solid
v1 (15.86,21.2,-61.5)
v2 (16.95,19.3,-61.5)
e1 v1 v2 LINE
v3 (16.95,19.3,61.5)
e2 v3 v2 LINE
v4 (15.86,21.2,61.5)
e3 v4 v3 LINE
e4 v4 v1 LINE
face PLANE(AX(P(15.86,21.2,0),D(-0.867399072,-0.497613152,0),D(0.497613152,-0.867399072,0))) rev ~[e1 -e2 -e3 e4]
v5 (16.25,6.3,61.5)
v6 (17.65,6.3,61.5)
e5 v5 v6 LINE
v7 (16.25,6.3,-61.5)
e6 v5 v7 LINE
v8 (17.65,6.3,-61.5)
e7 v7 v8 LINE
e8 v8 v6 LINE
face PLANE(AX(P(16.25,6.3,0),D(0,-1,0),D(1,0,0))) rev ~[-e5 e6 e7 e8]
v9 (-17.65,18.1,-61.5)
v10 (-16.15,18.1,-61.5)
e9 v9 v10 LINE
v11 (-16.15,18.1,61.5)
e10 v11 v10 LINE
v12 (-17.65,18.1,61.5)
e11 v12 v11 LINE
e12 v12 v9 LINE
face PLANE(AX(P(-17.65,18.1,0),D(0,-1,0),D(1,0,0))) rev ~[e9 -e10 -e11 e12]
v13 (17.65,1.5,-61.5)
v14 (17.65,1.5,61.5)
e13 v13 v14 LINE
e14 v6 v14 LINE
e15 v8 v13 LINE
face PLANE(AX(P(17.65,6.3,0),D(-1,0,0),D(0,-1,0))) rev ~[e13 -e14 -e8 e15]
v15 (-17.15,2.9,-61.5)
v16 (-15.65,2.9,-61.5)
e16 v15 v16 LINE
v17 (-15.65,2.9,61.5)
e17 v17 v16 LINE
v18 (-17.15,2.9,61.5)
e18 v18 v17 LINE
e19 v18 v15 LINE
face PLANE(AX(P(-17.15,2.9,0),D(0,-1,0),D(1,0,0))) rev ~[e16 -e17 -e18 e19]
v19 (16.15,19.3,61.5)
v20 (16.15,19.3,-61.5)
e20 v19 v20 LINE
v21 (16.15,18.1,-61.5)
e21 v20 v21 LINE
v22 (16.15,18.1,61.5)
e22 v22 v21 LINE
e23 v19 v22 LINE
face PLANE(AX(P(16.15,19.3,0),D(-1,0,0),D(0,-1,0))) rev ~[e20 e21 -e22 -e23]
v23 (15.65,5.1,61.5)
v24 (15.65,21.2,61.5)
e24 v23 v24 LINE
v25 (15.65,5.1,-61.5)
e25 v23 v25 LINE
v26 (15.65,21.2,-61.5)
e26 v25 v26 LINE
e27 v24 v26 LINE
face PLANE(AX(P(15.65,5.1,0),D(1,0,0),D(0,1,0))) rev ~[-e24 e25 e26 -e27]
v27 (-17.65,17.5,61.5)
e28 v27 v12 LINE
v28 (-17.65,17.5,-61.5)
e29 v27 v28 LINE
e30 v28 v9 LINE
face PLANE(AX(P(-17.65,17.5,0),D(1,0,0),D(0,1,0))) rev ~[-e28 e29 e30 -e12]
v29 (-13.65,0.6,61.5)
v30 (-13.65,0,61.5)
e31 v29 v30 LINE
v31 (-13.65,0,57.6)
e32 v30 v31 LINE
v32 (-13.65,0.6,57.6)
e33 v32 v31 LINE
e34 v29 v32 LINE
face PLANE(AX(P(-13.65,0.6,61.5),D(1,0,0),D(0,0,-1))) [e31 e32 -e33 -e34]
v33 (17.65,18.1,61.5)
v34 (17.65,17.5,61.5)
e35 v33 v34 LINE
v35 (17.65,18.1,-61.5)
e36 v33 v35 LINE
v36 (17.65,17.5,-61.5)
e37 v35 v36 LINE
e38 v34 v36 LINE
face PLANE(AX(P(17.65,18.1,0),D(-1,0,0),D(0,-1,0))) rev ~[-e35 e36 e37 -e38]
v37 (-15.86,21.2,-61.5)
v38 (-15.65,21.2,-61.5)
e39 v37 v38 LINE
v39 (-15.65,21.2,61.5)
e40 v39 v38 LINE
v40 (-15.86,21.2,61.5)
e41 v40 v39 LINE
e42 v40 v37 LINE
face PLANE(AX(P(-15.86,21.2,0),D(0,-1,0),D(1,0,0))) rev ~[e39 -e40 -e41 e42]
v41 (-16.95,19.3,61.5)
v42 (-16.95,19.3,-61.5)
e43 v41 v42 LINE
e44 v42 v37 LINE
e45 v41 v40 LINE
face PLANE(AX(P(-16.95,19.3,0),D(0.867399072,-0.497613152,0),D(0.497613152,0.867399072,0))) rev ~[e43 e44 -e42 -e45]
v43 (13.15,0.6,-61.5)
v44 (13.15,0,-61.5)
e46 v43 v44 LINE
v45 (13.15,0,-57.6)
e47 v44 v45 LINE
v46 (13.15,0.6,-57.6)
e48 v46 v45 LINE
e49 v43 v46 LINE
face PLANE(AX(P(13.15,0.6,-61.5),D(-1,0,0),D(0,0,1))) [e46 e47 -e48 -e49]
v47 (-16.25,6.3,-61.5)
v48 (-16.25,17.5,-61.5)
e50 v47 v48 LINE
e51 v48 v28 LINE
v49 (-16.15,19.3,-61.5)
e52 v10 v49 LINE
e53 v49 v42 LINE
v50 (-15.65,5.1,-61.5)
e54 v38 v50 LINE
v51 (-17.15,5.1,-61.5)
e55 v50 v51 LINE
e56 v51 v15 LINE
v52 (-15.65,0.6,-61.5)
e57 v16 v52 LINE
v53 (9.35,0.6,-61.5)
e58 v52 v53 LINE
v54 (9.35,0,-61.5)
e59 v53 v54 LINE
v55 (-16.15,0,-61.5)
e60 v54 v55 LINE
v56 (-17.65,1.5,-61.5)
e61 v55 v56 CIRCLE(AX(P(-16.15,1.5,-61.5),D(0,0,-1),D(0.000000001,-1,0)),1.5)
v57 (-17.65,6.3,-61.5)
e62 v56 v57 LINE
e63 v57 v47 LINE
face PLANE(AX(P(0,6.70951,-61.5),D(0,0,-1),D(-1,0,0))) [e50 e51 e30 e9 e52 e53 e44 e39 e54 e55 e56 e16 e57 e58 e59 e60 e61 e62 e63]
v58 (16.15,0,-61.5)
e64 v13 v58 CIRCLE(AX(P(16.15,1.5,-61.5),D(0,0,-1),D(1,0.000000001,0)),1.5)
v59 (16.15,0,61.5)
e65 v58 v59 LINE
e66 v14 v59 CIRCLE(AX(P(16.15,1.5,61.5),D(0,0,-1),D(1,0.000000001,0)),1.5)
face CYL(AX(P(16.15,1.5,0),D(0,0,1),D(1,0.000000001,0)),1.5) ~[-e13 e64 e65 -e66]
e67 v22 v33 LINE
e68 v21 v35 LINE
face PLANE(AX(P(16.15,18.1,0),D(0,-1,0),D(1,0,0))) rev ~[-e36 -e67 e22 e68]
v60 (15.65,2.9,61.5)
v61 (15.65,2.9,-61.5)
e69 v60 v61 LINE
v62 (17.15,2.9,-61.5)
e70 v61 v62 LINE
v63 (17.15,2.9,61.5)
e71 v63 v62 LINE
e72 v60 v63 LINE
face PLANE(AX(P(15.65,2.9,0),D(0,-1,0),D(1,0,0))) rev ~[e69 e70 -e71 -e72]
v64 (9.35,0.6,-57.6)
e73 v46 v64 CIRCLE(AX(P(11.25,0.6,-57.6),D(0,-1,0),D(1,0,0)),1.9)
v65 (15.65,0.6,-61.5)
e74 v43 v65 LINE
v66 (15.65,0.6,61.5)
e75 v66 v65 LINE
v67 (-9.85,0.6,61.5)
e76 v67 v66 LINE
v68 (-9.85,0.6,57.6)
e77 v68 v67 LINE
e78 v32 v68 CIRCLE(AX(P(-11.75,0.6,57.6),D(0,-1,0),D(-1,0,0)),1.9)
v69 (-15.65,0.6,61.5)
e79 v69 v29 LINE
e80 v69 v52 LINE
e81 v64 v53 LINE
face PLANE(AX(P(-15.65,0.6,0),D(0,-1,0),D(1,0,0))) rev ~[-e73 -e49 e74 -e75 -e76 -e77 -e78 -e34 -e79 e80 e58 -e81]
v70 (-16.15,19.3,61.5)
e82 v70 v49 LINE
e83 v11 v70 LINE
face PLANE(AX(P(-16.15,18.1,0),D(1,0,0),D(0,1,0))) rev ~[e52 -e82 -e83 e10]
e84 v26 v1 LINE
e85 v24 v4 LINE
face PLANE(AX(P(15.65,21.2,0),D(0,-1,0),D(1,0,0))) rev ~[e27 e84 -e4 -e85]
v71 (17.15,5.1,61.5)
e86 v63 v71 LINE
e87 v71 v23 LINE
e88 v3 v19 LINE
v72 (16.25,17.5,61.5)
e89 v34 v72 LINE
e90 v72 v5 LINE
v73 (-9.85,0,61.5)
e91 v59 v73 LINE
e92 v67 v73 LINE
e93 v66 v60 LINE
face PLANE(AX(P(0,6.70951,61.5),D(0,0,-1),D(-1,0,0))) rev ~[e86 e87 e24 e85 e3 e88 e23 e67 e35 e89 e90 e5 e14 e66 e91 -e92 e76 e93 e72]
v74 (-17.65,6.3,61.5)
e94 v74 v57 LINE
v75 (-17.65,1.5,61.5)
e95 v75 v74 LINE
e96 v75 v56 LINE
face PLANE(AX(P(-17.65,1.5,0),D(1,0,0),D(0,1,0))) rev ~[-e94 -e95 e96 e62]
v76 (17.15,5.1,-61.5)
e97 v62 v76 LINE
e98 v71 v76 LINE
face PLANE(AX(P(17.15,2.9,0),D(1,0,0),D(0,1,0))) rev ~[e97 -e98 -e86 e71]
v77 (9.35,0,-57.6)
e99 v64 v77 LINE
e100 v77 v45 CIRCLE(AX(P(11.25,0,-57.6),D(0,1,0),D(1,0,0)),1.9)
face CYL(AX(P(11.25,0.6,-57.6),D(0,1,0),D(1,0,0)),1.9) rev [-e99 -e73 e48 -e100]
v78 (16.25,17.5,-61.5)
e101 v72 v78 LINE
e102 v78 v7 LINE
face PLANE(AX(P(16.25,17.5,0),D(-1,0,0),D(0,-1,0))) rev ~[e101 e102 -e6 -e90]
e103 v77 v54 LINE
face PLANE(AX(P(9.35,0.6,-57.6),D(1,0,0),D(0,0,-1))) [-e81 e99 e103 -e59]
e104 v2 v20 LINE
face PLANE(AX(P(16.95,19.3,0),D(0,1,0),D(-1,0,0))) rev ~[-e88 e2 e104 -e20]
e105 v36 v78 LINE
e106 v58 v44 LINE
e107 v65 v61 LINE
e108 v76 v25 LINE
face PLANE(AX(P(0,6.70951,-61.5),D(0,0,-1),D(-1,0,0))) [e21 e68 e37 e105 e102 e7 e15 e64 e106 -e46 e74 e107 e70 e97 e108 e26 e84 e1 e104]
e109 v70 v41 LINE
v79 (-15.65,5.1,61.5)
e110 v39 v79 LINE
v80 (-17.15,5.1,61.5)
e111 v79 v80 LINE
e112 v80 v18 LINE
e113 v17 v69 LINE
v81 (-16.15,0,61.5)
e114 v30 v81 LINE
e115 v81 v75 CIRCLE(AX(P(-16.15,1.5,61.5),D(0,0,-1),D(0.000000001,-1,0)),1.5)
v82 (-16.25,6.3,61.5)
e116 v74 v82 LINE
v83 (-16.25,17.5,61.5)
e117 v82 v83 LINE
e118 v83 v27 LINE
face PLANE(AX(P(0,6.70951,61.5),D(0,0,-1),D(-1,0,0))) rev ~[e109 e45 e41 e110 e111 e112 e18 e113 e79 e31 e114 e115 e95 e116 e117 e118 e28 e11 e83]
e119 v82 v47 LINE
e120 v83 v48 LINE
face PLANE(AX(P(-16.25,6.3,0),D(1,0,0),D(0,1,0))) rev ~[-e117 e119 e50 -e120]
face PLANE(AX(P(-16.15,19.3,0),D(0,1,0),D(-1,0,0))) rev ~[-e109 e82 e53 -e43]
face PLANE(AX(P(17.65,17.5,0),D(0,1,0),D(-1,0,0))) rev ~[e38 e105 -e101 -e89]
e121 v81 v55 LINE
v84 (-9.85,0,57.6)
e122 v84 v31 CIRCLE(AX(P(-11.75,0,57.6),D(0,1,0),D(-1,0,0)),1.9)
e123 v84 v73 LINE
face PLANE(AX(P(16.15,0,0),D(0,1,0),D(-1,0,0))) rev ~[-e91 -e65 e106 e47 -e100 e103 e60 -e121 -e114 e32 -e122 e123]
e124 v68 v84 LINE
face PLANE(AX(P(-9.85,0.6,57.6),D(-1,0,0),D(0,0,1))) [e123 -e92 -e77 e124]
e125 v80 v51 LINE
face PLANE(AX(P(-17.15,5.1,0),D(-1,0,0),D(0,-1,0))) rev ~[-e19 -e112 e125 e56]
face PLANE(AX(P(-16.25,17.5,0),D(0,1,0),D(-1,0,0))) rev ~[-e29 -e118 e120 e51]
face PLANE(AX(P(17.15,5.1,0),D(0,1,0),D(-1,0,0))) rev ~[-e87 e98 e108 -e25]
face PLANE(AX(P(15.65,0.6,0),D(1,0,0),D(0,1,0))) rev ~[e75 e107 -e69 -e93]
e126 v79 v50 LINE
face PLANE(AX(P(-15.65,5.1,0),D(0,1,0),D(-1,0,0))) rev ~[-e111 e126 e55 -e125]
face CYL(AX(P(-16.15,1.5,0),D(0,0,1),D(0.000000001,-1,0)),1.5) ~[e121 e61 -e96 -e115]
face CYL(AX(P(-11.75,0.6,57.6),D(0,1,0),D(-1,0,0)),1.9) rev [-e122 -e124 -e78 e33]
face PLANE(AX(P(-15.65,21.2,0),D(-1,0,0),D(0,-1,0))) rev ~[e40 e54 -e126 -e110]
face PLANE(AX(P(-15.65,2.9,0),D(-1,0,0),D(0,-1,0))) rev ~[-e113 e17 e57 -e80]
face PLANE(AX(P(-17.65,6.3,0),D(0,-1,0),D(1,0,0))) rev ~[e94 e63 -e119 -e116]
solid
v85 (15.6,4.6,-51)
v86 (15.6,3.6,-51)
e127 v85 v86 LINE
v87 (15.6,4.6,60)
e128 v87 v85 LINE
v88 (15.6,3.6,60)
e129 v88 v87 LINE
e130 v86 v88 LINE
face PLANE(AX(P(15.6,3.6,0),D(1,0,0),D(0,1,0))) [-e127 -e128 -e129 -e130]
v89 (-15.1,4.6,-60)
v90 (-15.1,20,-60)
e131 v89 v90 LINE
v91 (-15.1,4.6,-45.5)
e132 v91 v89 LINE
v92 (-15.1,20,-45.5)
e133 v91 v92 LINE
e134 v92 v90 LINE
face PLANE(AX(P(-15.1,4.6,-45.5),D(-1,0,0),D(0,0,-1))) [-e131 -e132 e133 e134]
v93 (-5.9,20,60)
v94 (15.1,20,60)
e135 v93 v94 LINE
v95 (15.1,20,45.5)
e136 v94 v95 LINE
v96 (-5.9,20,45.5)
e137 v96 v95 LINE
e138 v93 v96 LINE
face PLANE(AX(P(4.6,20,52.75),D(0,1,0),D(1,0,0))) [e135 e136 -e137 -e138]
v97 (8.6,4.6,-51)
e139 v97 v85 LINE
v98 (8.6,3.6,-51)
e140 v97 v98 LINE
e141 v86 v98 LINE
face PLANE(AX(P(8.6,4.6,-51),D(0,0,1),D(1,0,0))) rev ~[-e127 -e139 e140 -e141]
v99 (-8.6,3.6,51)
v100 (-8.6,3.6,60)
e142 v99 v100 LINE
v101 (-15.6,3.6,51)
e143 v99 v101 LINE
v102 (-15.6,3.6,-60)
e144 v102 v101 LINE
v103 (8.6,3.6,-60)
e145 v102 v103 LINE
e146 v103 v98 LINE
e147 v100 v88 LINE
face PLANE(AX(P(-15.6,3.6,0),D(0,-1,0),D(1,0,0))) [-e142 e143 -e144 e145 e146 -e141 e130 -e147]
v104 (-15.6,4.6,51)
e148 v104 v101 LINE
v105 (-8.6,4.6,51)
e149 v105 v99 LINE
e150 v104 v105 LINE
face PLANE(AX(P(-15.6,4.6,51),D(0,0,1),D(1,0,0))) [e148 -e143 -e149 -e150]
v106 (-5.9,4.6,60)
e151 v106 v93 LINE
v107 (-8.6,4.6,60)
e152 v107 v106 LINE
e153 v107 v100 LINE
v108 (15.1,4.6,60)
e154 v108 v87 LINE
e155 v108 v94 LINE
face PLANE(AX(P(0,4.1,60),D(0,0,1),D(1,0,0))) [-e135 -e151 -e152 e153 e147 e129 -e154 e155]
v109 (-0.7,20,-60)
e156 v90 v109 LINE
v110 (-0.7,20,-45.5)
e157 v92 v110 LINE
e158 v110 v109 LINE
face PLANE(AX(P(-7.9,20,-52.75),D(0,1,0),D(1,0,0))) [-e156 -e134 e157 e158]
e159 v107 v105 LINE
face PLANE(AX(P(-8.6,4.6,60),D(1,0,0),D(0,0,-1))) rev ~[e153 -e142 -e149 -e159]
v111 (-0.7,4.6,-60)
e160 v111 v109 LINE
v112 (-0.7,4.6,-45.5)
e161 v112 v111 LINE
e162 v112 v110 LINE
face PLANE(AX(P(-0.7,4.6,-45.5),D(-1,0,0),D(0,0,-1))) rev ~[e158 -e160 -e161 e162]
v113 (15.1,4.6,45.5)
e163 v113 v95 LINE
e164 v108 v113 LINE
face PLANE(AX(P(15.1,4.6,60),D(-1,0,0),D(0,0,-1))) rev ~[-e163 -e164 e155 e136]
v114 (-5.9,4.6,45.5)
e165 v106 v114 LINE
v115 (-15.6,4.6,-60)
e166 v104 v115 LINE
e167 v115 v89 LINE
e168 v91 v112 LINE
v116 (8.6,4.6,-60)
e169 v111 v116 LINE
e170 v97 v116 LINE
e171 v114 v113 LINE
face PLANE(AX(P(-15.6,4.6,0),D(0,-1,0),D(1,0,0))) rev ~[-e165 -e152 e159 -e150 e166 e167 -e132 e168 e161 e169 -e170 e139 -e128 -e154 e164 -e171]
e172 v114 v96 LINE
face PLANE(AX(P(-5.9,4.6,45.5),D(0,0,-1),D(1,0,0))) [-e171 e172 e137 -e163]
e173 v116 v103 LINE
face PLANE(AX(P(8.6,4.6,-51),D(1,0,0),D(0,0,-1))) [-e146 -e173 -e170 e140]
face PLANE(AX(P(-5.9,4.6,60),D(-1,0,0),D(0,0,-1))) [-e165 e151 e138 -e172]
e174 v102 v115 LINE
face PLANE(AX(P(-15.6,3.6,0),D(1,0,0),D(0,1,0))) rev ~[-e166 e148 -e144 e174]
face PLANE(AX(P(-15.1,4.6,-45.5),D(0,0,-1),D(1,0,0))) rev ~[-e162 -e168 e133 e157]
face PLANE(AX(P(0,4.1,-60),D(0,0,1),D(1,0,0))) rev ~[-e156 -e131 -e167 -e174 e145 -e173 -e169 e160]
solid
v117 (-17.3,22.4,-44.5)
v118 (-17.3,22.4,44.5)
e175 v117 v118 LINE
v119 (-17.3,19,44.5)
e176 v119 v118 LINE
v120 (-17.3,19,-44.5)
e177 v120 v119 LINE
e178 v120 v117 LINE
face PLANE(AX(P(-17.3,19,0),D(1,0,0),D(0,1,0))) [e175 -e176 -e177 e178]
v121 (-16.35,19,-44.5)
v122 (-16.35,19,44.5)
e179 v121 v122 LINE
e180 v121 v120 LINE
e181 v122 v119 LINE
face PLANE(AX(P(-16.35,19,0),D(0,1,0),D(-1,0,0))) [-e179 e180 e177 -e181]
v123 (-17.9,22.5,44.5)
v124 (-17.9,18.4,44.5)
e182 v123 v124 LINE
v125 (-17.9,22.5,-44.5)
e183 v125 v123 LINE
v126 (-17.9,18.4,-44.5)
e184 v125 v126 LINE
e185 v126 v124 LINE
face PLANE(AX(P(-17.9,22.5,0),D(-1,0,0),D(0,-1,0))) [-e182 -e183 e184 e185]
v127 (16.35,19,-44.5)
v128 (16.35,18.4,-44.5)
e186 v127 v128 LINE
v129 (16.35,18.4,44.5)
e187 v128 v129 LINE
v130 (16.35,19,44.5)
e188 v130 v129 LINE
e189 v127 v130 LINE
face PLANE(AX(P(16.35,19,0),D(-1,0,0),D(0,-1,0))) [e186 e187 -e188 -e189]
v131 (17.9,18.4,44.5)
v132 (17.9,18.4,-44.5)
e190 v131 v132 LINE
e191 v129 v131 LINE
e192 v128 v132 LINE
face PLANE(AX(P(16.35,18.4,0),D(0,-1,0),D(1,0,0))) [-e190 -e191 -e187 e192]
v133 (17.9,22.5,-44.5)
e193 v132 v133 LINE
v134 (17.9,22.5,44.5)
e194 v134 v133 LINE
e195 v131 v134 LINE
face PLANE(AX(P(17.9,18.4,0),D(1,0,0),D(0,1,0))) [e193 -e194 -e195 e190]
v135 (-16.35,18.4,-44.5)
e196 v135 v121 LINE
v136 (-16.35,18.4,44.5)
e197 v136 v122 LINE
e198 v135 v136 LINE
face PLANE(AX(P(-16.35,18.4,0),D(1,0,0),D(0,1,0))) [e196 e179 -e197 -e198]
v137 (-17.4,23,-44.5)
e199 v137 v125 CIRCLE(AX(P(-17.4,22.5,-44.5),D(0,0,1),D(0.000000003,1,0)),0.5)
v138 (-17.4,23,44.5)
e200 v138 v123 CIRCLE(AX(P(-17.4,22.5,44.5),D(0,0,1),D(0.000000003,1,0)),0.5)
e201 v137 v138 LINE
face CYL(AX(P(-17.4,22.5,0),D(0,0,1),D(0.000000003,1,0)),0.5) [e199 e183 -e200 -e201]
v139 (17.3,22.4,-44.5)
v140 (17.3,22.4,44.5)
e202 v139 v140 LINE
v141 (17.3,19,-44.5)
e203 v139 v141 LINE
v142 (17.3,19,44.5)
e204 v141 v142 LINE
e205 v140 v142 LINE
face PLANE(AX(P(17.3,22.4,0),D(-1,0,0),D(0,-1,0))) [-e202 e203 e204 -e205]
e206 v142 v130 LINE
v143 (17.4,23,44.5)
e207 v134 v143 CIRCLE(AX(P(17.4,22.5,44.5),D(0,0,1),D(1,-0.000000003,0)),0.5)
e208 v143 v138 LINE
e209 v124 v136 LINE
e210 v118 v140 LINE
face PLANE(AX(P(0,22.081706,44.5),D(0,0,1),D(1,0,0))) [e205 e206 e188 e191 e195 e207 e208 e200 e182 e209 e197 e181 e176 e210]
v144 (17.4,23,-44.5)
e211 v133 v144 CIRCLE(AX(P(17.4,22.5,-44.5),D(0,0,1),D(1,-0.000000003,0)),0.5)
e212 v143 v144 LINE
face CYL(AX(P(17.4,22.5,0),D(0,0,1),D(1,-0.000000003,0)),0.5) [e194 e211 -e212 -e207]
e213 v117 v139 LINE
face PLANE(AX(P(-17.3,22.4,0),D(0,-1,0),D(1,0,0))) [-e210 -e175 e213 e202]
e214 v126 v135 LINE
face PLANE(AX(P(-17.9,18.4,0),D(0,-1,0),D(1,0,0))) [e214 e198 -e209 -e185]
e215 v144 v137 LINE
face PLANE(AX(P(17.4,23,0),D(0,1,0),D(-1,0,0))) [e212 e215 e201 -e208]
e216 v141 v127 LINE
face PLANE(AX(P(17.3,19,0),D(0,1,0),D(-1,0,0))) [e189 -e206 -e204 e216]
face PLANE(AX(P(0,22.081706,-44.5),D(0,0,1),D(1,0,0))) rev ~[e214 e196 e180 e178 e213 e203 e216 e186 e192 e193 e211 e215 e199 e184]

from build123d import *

# Parameters (mm, degrees)
EXTRUDE_1_DEPTH     = 61.5
EXTRUDE_2_DEPTH     = 44.5
SKETCH_4_W          = 31.2
SKETCH_4_H          = 1
EXTRUDE_3_DEPTH     = 60
SKETCH_5_W          = 14.4
SKETCH_5_H          = 14.5
SKETCH_5_W_2        = 21
EXTRUDE_4_DEPTH     = 15.4
SKETCH_6_W          = 7
SKETCH_6_H          = 9
CUT_EXTRUDE_1_DEPTH = 67.642478945
CUT_EXTRUDE_2_DEPTH = 68.85587668


with BuildPart() as part:
    # 草圖2 → 填料-伸長1 (new, symmetric)
    with BuildSketch(Plane.XY):
        with BuildLine():
            Line((16.15, 0), (-16.15, 0))
            ThreePointArc((-16.15, 0), (-17.210660172, 0.439339828), (-17.65, 1.5))
            Line((-17.65, 1.5), (-17.65, 6.3))
            Line((-17.65, 6.3), (-16.25, 6.3))
            Line((-16.25, 6.3), (-16.25, 17.5))
            Line((-16.25, 17.5), (-17.65, 17.5))
            Line((-17.65, 17.5), (-17.65, 18.1))
            Line((-17.65, 18.1), (-16.15, 18.1))
            Line((-16.15, 18.1), (-16.15, 19.3))
            Line((-16.15, 19.3), (-16.95, 19.3))
            Line((-16.95, 19.3), (-15.86, 21.2))
            Line((-15.86, 21.2), (-15.65, 21.2))
            Line((-15.65, 21.2), (-15.65, 5.1))
            Line((-15.65, 5.1), (-17.15, 5.1))
            Line((-17.15, 5.1), (-17.15, 2.9))
            Line((-17.15, 2.9), (-15.65, 2.9))
            Line((-15.65, 2.9), (-15.65, 0.6))
            Line((-15.65, 0.6), (15.65, 0.6))
            Line((15.65, 0.6), (15.65, 2.9))
            Line((15.65, 2.9), (17.15, 2.9))
            Line((17.15, 2.9), (17.15, 5.1))
            Line((17.15, 5.1), (15.65, 5.1))
            Line((15.65, 5.1), (15.65, 21.2))
            Line((15.65, 21.2), (15.86, 21.2))
            Line((15.86, 21.2), (16.95, 19.3))
            Line((16.95, 19.3), (16.15, 19.3))
            Line((16.15, 19.3), (16.15, 18.1))
            Line((16.15, 18.1), (17.65, 18.1))
            Line((17.65, 18.1), (17.65, 17.5))
            Line((17.65, 17.5), (16.25, 17.5))
            Line((16.25, 17.5), (16.25, 6.3))
            Line((16.25, 6.3), (17.65, 6.3))
            Line((17.65, 6.3), (17.65, 1.5))
            ThreePointArc((17.65, 1.5), (17.210660172, 0.439339828), (16.15, 0))
        make_face()
    extrude(amount=EXTRUDE_1_DEPTH, both=True)

    # 草圖7 → 除料-伸長2 (cut, through all)
    with BuildSketch(Plane(origin=(0, 0.6, 0), x_dir=(1, 0, 0), z_dir=(0, 1, 0))):
        with BuildLine():
            Line((9.35, 61.5), (13.15, 61.5))
            Line((13.15, 61.5), (13.15, 57.6))
            ThreePointArc((13.15, 57.6), (11.25, 55.7), (9.35, 57.6))
            Line((9.35, 57.6), (9.35, 61.5))
        make_face()
        with BuildLine():
            Line((-13.65, -61.5), (-13.65, -57.6))
            ThreePointArc((-13.65, -57.6), (-11.75, -55.7), (-9.85, -57.6))
            Line((-9.85, -57.6), (-9.85, -61.5))
            Line((-9.85, -61.5), (-13.65, -61.5))
        make_face()
    extrude(amount=-CUT_EXTRUDE_2_DEPTH, mode=Mode.SUBTRACT)


with BuildPart() as body_2:
    # 草圖3 → 填料-伸長2 (new, symmetric)
    with BuildSketch(Plane.XY):
        with BuildLine():
            Line((17.4, 23), (-17.4, 23))
            ThreePointArc((-17.4, 23), (-17.753553391, 22.853553391), (-17.9, 22.5))
            Line((-17.9, 22.5), (-17.9, 18.4))
            Line((-17.9, 18.4), (-16.35, 18.4))
            Line((-16.35, 18.4), (-16.35, 19))
            Line((-16.35, 19), (-17.3, 19))
            Line((-17.3, 19), (-17.3, 22.4))
            Line((-17.3, 22.4), (17.3, 22.4))
            Line((17.3, 22.4), (17.3, 19))
            Line((17.3, 19), (16.35, 19))
            Line((16.35, 19), (16.35, 18.4))
            Line((16.35, 18.4), (17.9, 18.4))
            Line((17.9, 18.4), (17.9, 22.5))
            ThreePointArc((17.9, 22.5), (17.753553391, 22.853553391), (17.4, 23))
        make_face()
    extrude(amount=EXTRUDE_2_DEPTH, both=True)


with BuildPart() as body_3:
    # 草圖4 → 填料-伸長3 (new, symmetric)
    with BuildSketch(Plane.XY):
        with Locations((0, 4.1)):
            Rectangle(SKETCH_4_W, SKETCH_4_H)
    extrude(amount=EXTRUDE_3_DEPTH, both=True)

    # 草圖5 → 填料-伸長4 (add)
    with BuildSketch(Plane(origin=(0, 4.6, 0), x_dir=(1, 0, 0), z_dir=(0, 1, 0))):
        with Locations((-7.9, 52.75)):
            Rectangle(SKETCH_5_W, SKETCH_5_H)
        with Locations((4.6, -52.75)):
            Rectangle(SKETCH_5_W_2, SKETCH_5_H)
    extrude(amount=EXTRUDE_4_DEPTH)

    # 草圖6 → 除料-伸長1 (cut, through all)
    with BuildSketch(Plane(origin=(0, 4.6, 0), x_dir=(1, 0, 0), z_dir=(0, 1, 0))):
        with Locations((12.1, 55.5)):
            Rectangle(SKETCH_6_W, SKETCH_6_H)
        with Locations((-12.1, -55.5)):
            Rectangle(SKETCH_6_W, SKETCH_6_H)
    extrude(amount=-CUT_EXTRUDE_1_DEPTH, mode=Mode.SUBTRACT)


solid = Compound([part.part, body_2.part, body_3.part])
